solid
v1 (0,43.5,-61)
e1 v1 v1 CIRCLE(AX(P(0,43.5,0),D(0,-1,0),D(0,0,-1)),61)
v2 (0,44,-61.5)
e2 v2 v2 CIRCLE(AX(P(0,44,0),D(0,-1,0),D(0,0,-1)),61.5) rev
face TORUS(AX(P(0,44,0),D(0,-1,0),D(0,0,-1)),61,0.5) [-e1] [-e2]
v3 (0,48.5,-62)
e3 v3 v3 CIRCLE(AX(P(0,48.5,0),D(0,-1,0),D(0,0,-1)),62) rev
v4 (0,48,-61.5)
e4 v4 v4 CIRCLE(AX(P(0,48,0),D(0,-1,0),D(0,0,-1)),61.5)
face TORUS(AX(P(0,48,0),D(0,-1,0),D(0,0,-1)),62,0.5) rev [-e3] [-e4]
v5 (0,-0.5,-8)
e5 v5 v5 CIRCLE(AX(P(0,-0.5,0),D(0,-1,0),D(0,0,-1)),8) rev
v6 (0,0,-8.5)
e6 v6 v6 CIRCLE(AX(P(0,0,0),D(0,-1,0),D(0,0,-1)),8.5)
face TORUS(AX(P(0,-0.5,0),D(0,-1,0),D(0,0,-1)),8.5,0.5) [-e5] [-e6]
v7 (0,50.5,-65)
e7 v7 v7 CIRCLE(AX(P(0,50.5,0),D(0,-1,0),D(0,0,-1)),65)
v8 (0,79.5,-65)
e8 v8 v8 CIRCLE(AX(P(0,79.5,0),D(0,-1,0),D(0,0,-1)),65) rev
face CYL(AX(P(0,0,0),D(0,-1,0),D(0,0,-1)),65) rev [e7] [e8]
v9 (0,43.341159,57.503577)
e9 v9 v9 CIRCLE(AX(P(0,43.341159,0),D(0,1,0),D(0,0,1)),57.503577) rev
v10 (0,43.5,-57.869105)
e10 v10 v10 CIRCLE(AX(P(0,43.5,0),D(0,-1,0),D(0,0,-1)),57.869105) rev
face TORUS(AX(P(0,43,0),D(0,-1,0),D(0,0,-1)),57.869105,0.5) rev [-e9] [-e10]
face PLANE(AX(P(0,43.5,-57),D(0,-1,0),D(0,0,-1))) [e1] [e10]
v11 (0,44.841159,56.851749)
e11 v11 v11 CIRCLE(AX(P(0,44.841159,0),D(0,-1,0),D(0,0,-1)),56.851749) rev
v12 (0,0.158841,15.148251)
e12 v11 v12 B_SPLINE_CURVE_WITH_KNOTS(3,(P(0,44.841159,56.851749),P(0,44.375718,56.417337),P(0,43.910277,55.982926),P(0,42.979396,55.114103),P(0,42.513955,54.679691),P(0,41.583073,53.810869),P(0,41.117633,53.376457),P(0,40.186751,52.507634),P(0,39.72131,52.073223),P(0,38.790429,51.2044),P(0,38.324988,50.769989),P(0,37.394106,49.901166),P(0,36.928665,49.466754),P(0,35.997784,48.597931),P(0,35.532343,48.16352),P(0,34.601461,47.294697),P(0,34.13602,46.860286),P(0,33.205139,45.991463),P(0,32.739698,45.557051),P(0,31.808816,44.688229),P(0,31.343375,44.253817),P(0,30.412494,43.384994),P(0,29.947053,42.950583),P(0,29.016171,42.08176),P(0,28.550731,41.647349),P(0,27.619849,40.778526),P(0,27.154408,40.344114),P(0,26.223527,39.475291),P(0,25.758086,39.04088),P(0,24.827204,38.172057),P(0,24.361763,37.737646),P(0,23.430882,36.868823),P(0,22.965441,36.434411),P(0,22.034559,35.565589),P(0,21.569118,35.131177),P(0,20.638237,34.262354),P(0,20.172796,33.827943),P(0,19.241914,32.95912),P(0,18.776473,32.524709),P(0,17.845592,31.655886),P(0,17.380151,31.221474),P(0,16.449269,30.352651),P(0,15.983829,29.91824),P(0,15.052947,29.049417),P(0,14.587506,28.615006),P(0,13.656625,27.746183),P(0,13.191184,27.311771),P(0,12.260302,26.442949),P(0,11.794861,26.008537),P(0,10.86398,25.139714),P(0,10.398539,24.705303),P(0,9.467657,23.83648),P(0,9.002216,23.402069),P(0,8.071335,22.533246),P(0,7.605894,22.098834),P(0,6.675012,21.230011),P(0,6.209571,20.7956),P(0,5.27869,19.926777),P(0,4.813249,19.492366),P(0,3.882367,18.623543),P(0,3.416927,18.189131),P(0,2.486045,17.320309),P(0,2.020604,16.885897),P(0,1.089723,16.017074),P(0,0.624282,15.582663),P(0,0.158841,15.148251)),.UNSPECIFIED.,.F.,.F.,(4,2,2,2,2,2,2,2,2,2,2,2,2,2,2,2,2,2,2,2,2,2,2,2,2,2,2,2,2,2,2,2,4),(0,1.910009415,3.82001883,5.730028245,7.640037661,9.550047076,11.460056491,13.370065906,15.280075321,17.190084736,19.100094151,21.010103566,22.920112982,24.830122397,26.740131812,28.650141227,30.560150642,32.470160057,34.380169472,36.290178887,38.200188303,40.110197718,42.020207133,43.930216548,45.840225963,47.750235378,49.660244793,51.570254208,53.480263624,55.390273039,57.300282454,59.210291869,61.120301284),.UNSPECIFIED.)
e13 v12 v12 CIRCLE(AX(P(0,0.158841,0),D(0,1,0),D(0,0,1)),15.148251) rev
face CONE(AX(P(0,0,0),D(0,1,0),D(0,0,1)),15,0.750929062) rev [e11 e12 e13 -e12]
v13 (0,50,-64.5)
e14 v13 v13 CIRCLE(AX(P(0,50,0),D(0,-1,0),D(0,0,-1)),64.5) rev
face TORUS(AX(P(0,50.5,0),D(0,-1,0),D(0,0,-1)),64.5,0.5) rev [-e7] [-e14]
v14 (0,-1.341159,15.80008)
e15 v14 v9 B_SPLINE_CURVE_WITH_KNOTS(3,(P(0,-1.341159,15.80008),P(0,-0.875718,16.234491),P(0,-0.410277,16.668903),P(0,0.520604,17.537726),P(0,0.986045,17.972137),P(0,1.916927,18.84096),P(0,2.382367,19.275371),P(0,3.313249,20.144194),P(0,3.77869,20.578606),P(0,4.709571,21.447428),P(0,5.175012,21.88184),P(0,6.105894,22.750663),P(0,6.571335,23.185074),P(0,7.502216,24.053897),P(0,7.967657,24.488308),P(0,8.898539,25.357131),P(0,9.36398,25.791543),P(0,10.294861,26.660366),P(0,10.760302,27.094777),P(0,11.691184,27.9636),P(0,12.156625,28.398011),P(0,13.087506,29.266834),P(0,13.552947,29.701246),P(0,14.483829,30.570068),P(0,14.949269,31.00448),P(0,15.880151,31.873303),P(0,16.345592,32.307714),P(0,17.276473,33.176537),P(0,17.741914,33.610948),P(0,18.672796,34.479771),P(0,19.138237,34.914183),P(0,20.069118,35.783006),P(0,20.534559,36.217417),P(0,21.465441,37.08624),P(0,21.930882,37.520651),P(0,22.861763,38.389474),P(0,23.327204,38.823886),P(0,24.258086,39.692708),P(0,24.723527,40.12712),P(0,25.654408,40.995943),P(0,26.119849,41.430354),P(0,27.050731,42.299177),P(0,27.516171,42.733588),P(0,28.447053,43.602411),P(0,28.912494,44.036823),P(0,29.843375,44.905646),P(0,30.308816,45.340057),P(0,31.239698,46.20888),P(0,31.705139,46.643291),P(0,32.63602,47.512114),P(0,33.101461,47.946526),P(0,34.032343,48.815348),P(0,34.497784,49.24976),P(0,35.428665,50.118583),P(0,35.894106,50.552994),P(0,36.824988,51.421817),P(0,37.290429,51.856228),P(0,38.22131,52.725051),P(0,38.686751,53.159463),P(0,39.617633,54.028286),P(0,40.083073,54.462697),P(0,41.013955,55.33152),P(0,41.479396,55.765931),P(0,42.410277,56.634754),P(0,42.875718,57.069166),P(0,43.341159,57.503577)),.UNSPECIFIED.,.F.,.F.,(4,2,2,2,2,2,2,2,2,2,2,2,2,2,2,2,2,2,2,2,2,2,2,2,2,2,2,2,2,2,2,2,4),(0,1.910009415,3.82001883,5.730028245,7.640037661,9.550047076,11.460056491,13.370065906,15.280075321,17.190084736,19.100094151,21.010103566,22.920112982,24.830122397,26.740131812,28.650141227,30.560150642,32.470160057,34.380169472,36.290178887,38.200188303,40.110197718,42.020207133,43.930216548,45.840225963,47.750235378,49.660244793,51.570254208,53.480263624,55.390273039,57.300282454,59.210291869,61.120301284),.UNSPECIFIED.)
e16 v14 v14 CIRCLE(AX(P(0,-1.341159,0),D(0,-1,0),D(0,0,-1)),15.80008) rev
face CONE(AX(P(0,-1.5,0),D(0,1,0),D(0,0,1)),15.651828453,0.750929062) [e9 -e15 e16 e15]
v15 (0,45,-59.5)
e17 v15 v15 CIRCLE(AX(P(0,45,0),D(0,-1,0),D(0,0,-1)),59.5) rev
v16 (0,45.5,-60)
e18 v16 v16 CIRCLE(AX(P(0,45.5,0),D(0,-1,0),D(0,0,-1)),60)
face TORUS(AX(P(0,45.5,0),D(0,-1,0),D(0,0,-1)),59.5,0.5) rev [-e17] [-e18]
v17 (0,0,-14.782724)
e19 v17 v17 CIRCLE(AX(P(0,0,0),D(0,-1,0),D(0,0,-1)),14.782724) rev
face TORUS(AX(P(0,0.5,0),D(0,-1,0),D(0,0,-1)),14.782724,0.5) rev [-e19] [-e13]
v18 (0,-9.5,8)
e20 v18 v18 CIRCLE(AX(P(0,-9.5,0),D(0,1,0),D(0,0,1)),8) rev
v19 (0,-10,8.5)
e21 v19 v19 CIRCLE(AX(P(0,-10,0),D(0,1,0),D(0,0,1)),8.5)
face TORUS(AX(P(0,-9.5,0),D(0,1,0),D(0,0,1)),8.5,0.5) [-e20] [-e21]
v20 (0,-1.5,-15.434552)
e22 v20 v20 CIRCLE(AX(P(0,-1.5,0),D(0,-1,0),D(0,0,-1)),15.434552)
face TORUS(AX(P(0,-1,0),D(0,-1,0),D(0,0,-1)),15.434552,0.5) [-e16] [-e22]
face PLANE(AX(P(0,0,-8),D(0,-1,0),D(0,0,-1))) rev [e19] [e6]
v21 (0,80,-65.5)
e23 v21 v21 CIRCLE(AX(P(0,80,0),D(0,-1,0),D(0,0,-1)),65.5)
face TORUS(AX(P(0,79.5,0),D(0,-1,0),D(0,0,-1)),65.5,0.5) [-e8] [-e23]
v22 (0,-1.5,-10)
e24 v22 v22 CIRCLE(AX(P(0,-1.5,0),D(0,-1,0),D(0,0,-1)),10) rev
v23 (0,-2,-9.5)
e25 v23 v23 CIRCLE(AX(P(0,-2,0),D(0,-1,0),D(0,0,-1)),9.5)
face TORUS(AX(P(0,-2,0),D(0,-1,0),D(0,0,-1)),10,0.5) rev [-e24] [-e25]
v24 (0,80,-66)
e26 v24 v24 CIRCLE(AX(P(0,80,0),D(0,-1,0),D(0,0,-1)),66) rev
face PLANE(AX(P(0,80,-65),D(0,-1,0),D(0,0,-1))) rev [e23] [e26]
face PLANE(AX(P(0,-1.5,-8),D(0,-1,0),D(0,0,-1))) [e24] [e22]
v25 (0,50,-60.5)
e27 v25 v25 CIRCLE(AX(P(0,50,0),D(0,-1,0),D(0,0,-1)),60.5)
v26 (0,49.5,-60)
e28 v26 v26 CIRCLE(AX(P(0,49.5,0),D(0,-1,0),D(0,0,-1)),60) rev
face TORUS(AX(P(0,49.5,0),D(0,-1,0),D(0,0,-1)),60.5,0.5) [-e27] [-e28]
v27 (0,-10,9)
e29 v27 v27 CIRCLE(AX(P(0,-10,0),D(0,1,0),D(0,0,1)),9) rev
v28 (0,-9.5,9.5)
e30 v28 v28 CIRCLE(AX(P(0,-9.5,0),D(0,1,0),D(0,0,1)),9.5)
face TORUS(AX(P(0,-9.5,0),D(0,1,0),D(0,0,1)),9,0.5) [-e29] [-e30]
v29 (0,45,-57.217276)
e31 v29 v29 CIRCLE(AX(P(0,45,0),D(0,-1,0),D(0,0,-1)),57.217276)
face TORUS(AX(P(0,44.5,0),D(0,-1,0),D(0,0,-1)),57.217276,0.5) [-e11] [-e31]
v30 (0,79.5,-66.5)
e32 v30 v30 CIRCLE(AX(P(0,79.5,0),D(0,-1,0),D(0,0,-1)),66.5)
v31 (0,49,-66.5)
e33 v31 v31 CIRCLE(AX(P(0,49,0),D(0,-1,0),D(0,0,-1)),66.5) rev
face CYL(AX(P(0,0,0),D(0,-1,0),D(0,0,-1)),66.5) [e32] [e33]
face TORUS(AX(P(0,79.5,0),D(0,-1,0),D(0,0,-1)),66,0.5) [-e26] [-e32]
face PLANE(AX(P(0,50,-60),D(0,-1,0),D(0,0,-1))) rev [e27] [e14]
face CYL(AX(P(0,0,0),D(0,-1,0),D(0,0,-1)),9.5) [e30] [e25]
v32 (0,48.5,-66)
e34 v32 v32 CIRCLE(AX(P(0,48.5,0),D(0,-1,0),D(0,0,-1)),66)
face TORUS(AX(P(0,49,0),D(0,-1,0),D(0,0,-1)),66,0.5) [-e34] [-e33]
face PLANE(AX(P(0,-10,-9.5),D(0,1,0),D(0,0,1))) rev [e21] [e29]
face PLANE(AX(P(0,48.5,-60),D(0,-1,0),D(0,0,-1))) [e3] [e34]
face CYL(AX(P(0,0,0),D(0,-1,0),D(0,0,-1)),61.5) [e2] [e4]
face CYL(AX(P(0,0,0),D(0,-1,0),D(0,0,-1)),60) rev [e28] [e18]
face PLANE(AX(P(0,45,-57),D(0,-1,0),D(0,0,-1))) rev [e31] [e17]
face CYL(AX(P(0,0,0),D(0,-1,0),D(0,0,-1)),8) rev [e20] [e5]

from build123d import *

# Parameters (mm, degrees)
FILLET1_R = 0.5


with BuildPart() as part:
    # Sketch1 → Revolve-Thin1 (revolve)
    with BuildSketch(Plane(origin=(0, 0, 0), x_dir=(0, 0, -1), z_dir=(1, 0, 0))):
        Polygon((65, 80), (65, 50), (60, 50), (60, 45), (57, 45), (15, 0), (8, 0), (8, -10), (9.5, -10), (9.5, -1.5), (15.651828453, -1.5), (57.651828453, 43.5), (61.5, 43.5), (61.5, 48.5), (66.5, 48.5), (66.5, 80), align=None)
    revolve(axis=Axis((0, 0, 0), (0, 1, 0)))

    # Fillet1
    fillet1_edges = [part.edges().sort_by_distance(p)[0] for p in [
        (0, 80, 66.5),
        (0, 80, 65),
        (0, 50, 65),
        (0, 50, 60),
        (0, 45, 60),
        (0, 45, 57),
        (0, 0, 15),
        (0, 0, 8),
        (0, -10, 8),
        (0, -10, 9.5),
        (0, -1.5, 9.5),
        (0, -1.5, 15.651828453),
        (0, 43.5, 57.651828453),
        (0, 43.5, 61.5),
        (0, 48.5, 61.5),
        (0, 48.5, 66.5),
    ]]
    fillet(fillet1_edges, radius=FILLET1_R)


solid = part.part
